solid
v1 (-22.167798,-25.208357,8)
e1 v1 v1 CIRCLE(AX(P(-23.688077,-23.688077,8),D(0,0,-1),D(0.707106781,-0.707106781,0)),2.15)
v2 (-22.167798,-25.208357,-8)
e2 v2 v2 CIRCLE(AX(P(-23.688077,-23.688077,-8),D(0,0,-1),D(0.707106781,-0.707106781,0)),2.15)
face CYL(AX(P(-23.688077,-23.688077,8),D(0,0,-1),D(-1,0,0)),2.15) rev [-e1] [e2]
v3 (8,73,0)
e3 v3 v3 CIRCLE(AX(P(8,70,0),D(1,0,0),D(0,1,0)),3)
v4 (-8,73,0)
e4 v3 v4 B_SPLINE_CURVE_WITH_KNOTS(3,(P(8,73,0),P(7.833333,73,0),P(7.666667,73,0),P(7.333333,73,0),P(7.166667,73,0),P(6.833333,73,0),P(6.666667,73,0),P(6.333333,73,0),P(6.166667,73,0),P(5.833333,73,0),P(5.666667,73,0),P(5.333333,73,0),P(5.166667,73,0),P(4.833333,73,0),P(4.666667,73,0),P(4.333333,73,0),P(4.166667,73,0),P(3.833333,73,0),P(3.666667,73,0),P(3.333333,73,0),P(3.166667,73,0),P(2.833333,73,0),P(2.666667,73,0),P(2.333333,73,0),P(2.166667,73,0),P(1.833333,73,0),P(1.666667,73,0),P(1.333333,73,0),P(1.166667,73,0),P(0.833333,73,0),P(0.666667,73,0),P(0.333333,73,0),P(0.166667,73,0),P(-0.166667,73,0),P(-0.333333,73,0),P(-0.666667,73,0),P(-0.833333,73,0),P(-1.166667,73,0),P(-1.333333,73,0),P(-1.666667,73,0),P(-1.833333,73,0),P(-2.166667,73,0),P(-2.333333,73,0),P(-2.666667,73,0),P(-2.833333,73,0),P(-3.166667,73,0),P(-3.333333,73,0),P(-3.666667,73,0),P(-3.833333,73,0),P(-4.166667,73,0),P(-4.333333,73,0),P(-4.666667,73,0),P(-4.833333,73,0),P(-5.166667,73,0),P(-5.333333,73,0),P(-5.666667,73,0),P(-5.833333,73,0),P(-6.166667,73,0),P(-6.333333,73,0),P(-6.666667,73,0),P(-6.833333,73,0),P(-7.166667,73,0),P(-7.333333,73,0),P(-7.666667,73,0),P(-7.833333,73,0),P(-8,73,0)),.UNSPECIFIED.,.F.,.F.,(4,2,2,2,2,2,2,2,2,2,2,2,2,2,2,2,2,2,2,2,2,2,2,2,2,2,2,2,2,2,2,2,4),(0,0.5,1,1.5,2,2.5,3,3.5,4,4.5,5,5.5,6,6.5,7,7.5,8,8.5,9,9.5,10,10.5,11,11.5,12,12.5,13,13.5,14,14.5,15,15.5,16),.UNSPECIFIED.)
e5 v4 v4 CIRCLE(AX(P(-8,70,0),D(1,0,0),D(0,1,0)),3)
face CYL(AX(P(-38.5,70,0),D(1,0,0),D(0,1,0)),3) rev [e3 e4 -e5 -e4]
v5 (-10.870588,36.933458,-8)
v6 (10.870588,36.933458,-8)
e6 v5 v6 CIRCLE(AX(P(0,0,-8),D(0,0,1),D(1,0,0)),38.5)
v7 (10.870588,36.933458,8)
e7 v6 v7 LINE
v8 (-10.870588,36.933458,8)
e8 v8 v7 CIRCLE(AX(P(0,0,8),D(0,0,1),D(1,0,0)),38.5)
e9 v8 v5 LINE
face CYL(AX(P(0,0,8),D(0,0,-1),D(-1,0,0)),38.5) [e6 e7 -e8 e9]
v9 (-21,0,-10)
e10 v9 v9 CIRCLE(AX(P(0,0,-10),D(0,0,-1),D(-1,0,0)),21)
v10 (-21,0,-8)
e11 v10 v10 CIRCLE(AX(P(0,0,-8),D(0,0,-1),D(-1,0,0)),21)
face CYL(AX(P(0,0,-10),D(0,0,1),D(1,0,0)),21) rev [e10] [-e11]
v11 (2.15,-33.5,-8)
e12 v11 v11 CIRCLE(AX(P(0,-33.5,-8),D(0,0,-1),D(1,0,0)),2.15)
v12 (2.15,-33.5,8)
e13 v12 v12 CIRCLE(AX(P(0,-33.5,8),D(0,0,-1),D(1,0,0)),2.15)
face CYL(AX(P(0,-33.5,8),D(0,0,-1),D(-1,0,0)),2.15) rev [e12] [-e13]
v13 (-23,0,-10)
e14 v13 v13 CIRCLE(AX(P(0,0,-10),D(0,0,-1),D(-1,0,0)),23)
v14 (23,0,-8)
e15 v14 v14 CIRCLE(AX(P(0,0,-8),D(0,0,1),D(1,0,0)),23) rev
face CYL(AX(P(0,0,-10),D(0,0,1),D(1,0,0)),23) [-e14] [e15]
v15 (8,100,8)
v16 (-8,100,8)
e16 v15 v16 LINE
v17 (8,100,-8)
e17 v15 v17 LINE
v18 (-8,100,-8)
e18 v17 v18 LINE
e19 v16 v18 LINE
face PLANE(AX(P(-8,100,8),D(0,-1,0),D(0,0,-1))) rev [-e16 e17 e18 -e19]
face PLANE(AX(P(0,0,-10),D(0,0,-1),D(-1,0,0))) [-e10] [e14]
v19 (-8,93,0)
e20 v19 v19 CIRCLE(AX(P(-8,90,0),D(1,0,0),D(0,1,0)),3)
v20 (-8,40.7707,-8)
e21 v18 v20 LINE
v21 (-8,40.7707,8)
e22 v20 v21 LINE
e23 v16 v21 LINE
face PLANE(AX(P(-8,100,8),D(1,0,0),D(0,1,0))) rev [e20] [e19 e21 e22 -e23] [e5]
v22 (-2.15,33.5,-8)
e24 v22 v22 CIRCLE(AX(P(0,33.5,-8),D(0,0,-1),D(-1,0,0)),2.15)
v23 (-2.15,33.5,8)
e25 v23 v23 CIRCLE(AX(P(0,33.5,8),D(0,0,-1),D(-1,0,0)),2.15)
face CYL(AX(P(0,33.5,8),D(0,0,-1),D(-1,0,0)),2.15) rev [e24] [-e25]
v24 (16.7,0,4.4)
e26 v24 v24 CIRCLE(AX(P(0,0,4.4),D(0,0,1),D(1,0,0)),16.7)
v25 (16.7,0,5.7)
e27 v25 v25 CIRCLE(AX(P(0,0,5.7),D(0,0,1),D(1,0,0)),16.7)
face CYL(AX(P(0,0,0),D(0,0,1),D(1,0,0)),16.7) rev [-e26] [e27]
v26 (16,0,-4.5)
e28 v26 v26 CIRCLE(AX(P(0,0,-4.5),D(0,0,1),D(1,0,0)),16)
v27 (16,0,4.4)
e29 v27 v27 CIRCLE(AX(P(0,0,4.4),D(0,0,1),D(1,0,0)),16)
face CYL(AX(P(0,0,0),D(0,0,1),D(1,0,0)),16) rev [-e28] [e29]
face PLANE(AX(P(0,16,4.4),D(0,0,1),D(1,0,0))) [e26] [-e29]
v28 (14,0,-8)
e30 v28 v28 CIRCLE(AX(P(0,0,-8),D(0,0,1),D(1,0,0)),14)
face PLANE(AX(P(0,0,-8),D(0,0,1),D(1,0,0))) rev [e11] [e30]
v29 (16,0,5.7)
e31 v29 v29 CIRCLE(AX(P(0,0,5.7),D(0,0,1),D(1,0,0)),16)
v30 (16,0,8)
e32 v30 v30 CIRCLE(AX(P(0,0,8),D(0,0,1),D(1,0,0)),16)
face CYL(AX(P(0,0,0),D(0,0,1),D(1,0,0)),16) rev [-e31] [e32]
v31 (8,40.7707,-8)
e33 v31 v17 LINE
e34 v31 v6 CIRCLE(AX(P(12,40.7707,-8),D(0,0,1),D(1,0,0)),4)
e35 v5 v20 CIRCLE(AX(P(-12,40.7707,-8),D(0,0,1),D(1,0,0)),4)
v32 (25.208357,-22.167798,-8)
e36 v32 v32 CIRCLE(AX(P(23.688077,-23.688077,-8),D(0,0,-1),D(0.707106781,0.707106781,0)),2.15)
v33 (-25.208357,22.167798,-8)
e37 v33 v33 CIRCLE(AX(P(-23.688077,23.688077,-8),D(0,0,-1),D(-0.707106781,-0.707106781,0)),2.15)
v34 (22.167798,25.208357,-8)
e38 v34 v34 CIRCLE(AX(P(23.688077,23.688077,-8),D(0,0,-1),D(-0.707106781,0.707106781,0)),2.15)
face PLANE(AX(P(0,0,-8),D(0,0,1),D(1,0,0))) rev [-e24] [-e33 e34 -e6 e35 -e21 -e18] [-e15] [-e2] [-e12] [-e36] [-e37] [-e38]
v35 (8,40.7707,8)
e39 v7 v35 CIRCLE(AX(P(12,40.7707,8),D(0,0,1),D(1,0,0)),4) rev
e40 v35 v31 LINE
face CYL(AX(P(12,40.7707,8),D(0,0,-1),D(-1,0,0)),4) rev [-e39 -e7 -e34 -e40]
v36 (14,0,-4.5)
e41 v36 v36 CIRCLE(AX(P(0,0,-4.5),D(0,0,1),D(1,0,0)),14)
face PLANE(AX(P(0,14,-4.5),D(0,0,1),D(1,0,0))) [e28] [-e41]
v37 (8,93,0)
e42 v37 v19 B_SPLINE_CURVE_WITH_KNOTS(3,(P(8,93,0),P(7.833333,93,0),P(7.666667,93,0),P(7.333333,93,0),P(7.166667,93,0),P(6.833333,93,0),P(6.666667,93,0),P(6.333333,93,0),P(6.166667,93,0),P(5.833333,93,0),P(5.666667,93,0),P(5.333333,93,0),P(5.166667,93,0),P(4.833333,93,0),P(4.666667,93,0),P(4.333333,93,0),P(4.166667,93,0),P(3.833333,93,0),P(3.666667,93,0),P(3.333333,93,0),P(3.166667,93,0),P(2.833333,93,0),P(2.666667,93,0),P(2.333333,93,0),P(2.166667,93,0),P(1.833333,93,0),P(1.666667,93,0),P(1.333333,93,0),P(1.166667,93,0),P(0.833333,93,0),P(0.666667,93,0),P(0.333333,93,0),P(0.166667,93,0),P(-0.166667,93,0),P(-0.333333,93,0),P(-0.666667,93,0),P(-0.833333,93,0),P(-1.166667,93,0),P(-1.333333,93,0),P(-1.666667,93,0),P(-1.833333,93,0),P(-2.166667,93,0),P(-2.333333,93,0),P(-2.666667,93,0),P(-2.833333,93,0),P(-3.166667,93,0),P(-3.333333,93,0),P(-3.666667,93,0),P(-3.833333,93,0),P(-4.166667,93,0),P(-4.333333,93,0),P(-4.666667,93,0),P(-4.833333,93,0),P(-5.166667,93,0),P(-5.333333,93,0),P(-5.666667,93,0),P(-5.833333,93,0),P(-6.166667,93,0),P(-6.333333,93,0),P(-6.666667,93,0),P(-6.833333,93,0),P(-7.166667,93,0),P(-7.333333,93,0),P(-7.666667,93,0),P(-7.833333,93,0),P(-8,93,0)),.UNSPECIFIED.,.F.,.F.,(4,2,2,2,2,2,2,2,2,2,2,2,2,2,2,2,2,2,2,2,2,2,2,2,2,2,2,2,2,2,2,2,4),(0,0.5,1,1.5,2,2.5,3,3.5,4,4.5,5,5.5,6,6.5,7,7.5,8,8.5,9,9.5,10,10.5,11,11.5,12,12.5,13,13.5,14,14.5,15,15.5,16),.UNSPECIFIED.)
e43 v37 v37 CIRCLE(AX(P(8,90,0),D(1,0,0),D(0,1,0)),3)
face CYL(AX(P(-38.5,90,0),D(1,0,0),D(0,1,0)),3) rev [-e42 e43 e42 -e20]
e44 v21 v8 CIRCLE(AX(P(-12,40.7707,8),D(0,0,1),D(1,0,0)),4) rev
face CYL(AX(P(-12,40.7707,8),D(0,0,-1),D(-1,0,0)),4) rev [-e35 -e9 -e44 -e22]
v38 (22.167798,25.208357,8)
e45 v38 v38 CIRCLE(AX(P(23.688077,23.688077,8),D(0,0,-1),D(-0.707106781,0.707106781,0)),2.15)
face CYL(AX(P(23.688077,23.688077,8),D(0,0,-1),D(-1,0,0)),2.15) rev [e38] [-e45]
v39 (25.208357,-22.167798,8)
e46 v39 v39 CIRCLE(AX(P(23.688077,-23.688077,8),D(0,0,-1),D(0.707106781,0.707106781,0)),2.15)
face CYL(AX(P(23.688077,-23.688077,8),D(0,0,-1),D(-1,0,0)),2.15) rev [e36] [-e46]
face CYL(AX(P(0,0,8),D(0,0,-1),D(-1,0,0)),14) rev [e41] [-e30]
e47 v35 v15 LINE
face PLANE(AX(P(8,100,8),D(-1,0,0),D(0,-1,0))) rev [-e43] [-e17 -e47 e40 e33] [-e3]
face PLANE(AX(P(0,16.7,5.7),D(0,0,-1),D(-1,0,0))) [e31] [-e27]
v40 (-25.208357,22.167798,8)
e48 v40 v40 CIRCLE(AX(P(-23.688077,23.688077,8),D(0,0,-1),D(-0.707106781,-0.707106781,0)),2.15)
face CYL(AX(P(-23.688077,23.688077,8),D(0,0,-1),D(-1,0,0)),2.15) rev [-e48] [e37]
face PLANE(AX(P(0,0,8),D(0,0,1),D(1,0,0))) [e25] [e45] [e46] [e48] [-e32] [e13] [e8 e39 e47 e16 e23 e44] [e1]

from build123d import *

# Parameters (mm, degrees)
SKETCH1_R           = 38.5
SKETCH1_R_2         = 14
BOSS_EXTRUDE1_DEPTH = 8
SKETCH2_W           = 16
SKETCH2_H           = 62.340339885
BOSS_EXTRUDE2_DEPTH = 8
FILLET1_R           = 4
SKETCH3_W           = 12.5
SKETCH3_H           = 2
SKETCH4_W           = 1.3
SKETCH4_H           = 0.7
SKETCH5_R           = 23
SKETCH5_R_2         = 21
BOSS_EXTRUDE3_DEPTH = 2
SKETCH6_R           = 2.15
CUT_EXTRUDE1_DEPTH  = 109.343204678
CIRPATTERN1_COUNT   = 8
SKETCH7_R           = 3
CUT_EXTRUDE2_DEPTH  = 111.735044137


with BuildPart() as part:
    # Sketch1 → Boss-Extrude1 (new, symmetric)
    with BuildSketch(Plane.XY):
        Circle(SKETCH1_R)
        Circle(SKETCH1_R_2, mode=Mode.SUBTRACT)
    extrude(amount=BOSS_EXTRUDE1_DEPTH, both=True)

    # Sketch2 → Boss-Extrude2 (add, symmetric)
    with BuildSketch(Plane.XY):
        with Locations((0, 68.829830058)):
            Rectangle(SKETCH2_W, SKETCH2_H)
    extrude(amount=BOSS_EXTRUDE2_DEPTH, both=True)

    # Fillet1
    fillet1_edges = [part.edges().sort_by_distance(p)[0] for p in [
        (-8, 37.659660115, 0),
        (8, 37.659660115, 0),
    ]]
    fillet(fillet1_edges, radius=FILLET1_R)

    # Sketch3 → Cut-Revolve1 (revolve, cut)
    with BuildSketch(Plane(origin=(0, 0, 0), x_dir=(0, 0, -1), z_dir=(1, 0, 0)), mode=Mode.PRIVATE) as cut_revolve1_sk:
        with Locations((-1.75, 15)):
            Rectangle(SKETCH3_W, SKETCH3_H)
    revolve(cut_revolve1_sk.sketch.rotate(Axis((0, 0, 0), (0, 0, -1)), 90), axis=Axis((0, 0, 0), (0, 0, -1)), mode=Mode.SUBTRACT)

    # Sketch4 → Cut-Revolve2 (revolve, cut)
    with BuildSketch(Plane(origin=(0, 0, 0), x_dir=(0, 0, -1), z_dir=(1, 0, 0)), mode=Mode.PRIVATE) as cut_revolve2_sk:
        with Locations((-5.05, 16.35)):
            Rectangle(SKETCH4_W, SKETCH4_H)
    revolve(cut_revolve2_sk.sketch.rotate(Axis((0, 0, 0), (0, 0, -1)), 90), axis=Axis((0, 0, 0), (0, 0, -1)), mode=Mode.SUBTRACT)

    # Sketch5 → Boss-Extrude3 (add)
    with BuildSketch(Plane(origin=(0, 0, -8), x_dir=(-1, 0, 0), z_dir=(0, 0, -1))):
        with Locations(Location((0, 0, 0), (0, 0, 180))):
            Circle(SKETCH5_R)
        Circle(SKETCH5_R_2, mode=Mode.SUBTRACT)
    extrude(amount=BOSS_EXTRUDE3_DEPTH)

    # Sketch6 → Cut-Extrude1 (cut, through all)
    with BuildSketch(Plane(origin=(0, 0, -8), x_dir=(-1, 0, 0), z_dir=(0, 0, -1))):
        with Locations((0, 33.5)):
            Circle(SKETCH6_R)
    cut_extrude1 = extrude(amount=-CUT_EXTRUDE1_DEPTH, mode=Mode.SUBTRACT)

    # CirPattern1: Cut-Extrude1 ×8 about axis, 2 skipped
    cirpattern1_axis = Axis((0, 0, 0), (0, 0, 1))
    add([cut_extrude1.rotate(cirpattern1_axis, i * 360 / CIRPATTERN1_COUNT) for i in range(1, CIRPATTERN1_COUNT) if i not in (2, 6)], mode=Mode.SUBTRACT)

    # Sketch7 → Cut-Extrude2 (cut, through all)
    with BuildSketch(Plane(origin=(8, 0, 0), x_dir=(0, 0, -1), z_dir=(1, 0, 0))):
        with Locations(Location((0, 90, 0), (0, 0, 90))):
            Circle(SKETCH7_R)
        with Locations(Location((0, 70, 0), (0, 0, 90))):
            Circle(SKETCH7_R)
    extrude(amount=-CUT_EXTRUDE2_DEPTH, mode=Mode.SUBTRACT)


solid = part.part
